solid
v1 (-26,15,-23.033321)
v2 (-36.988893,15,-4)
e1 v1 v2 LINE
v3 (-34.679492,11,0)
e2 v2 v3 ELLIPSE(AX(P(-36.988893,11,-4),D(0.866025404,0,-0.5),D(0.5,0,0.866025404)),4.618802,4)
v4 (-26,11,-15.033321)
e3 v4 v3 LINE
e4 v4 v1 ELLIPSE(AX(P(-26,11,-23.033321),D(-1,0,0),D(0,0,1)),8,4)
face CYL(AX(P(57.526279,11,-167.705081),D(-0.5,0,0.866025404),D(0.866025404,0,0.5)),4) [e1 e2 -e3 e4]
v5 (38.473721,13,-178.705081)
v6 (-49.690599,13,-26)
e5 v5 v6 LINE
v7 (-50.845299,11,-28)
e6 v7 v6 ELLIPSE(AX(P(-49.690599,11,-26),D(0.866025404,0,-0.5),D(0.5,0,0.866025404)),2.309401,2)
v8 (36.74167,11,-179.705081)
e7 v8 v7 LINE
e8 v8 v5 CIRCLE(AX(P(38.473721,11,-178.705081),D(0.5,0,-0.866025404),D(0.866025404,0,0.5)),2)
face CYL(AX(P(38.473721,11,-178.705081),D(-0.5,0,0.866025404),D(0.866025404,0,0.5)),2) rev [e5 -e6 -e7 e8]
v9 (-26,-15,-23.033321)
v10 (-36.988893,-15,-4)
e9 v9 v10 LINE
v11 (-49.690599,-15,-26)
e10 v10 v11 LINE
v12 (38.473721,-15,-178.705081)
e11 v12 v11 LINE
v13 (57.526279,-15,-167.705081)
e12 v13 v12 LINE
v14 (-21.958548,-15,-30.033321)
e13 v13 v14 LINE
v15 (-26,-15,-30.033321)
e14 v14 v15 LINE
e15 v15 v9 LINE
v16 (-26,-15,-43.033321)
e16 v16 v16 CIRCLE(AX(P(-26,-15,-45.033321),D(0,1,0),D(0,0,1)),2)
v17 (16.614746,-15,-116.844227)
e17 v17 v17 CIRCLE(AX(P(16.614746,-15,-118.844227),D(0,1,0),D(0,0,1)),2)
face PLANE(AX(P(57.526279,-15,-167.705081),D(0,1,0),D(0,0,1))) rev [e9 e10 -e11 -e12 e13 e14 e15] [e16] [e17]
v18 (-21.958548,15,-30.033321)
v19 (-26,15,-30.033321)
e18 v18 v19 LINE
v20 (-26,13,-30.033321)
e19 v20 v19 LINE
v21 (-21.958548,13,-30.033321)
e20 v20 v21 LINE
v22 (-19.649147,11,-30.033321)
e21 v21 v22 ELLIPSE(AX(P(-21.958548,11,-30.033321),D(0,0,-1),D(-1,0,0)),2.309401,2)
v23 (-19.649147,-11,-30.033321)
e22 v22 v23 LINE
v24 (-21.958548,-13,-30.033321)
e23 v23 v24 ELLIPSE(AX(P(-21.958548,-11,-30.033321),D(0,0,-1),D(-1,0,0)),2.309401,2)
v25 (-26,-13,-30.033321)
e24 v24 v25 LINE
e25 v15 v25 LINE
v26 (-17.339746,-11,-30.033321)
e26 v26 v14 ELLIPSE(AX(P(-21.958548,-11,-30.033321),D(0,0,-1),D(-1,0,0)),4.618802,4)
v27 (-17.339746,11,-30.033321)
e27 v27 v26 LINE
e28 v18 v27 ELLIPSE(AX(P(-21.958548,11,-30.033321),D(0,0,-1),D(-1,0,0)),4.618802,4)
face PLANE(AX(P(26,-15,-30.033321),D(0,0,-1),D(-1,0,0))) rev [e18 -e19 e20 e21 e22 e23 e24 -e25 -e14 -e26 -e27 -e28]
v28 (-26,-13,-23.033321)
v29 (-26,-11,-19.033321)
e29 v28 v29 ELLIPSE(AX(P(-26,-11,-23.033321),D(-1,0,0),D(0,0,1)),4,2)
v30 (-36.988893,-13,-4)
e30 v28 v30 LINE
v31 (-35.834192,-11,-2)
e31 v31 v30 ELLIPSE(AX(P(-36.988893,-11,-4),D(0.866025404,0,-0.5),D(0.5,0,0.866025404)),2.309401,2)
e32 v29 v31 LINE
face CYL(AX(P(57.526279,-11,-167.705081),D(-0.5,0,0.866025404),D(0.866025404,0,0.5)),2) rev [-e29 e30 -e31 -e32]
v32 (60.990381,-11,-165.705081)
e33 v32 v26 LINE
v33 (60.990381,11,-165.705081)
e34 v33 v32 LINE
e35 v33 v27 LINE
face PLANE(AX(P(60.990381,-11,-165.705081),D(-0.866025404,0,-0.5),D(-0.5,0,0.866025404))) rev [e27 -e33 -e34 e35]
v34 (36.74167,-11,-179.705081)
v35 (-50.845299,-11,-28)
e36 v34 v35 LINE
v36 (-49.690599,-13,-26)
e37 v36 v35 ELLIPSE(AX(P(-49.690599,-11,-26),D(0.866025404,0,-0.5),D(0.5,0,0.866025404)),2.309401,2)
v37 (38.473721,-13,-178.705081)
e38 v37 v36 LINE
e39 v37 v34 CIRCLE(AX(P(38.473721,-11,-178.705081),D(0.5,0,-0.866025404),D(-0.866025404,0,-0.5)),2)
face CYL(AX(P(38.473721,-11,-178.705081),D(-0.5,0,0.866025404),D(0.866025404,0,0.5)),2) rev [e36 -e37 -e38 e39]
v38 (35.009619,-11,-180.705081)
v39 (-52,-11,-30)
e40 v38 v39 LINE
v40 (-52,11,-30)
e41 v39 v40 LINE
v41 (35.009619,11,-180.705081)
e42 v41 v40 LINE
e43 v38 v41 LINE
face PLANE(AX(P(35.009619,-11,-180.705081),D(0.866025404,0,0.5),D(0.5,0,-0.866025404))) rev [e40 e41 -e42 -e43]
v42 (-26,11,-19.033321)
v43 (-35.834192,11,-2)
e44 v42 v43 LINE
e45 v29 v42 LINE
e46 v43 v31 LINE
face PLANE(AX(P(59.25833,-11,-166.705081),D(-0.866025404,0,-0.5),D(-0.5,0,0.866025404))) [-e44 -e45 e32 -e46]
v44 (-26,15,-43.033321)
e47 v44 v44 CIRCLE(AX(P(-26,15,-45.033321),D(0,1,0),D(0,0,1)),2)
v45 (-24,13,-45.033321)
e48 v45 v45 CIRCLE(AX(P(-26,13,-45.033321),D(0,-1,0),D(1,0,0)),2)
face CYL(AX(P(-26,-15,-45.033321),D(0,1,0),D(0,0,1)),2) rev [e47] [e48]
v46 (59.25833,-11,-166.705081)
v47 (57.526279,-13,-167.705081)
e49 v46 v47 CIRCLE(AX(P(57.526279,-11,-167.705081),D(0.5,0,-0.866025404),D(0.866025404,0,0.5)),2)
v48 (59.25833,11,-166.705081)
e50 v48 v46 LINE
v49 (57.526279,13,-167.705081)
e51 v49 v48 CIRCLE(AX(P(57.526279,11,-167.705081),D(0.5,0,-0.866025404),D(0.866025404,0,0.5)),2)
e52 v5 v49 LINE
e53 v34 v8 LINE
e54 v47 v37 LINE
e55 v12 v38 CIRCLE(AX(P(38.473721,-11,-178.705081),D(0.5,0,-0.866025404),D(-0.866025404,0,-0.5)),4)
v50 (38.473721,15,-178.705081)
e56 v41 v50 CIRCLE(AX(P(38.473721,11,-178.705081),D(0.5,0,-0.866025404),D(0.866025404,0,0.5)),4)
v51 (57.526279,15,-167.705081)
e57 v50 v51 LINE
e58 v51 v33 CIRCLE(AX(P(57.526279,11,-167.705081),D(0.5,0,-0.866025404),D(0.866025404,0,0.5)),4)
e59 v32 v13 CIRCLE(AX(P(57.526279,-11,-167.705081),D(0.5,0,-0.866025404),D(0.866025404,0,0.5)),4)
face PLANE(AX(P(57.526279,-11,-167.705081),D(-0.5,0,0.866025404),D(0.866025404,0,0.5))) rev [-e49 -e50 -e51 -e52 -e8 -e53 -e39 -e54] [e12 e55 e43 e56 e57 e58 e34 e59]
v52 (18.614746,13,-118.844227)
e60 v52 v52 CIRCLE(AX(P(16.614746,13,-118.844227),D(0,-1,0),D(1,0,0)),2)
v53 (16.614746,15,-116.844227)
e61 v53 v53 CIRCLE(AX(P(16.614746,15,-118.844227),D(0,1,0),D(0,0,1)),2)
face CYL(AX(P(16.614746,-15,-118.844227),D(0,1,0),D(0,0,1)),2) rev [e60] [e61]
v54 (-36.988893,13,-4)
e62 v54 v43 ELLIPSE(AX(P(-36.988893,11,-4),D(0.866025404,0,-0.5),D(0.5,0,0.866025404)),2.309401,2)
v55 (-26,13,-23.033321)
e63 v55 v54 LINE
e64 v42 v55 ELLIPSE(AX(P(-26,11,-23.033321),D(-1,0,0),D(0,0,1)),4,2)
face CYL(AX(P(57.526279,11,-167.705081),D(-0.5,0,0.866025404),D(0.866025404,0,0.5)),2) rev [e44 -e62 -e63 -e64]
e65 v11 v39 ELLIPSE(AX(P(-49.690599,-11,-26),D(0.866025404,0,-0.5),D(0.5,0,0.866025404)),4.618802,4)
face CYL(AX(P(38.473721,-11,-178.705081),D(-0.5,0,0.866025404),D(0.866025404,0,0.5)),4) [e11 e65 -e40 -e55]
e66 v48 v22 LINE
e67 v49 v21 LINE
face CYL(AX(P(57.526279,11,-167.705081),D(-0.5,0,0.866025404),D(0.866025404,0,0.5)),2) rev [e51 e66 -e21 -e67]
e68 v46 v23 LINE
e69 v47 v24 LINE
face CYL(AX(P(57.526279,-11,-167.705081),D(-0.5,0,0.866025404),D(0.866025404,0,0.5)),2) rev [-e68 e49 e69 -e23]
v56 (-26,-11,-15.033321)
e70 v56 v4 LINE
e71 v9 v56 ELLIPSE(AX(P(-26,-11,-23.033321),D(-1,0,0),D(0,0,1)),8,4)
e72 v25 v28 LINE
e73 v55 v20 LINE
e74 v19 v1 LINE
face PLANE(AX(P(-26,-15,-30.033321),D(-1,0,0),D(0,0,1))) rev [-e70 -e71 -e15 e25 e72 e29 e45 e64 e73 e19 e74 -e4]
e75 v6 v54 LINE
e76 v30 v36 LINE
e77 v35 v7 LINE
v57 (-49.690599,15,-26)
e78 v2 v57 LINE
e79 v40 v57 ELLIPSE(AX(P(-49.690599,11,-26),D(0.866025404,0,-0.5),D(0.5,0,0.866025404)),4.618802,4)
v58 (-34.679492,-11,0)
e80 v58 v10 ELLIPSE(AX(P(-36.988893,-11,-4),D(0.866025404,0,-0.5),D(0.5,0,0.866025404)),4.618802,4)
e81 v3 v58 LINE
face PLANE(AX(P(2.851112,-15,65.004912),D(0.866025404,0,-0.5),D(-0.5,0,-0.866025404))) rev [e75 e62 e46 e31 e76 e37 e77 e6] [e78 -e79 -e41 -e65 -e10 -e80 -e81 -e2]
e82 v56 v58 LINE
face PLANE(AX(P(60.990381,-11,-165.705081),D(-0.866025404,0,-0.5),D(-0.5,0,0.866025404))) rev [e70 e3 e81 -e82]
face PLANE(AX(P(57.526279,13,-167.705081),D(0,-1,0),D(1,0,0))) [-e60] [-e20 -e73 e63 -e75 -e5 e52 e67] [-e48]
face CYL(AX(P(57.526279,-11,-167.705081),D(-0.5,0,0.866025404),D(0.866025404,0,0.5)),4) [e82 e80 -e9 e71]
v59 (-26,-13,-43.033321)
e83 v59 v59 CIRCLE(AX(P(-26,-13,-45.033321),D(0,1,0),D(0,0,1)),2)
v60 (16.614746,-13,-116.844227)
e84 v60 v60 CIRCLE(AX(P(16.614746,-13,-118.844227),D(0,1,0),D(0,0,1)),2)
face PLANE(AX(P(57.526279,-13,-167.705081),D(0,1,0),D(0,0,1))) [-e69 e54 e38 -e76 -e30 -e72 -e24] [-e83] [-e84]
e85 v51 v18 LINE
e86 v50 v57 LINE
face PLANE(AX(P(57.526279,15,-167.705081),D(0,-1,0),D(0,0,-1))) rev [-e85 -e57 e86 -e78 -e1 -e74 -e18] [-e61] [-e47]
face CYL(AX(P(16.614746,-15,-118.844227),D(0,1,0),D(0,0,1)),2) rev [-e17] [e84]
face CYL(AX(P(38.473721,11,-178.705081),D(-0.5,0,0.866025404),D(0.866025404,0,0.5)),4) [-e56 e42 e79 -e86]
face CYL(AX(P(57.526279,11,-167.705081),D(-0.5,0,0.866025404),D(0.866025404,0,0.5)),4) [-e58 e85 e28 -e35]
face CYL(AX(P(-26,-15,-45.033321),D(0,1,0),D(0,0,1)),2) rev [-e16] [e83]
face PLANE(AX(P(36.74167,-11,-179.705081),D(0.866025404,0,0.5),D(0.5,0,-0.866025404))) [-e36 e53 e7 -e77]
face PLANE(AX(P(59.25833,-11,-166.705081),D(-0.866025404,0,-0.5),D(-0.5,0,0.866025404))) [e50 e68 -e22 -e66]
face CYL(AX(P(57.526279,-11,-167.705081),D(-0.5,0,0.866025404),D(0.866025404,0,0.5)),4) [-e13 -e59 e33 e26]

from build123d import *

# Parameters (mm, degrees)
EXTRUDE_1_DEPTH          = 200
CUT_EXTRUDE_1_DEPTH      = 193.621587163
CUT_EXTRUDE_1_DEPTH_BACK = 193.621587163
CUT_EXTRUDE_2_DEPTH      = 192.309050473
CUT_EXTRUDE_2_DEPTH_BACK = 192.309050473
SKETCH_8_R               = 2
CUT_EXTRUDE_3_DEPTH      = 192.309050473
CUT_EXTRUDE_3_DEPTH_BACK = 192.309050473
SKETCH_9_W               = 52
SKETCH_9_H               = 25


with BuildPart() as part:
    # 草图5 → 凸台-拉伸1 (new body)
    with BuildSketch(Plane(origin=(-52, 0, 0), x_dir=(-0.8660254037844397, 0, -0.4999999999999983), z_dir=(0.4999999999999982, 0, -0.8660254037844396))):
        with BuildLine():
            Line((-11, -15), (11, -15))
            ThreePointArc((11, -15), (13.828427125, -13.828427125), (15, -11))
            Line((15, -11), (15, 11))
            ThreePointArc((15, 11), (13.828427125, 13.828427125), (11, 15))
            Line((11, 15), (-11, 15))
            ThreePointArc((-11, 15), (-13.828427125, 13.828427125), (-15, 11))
            Line((-15, 11), (-15, -11))
            ThreePointArc((-15, -11), (-13.828427125, -13.828427125), (-11, -15))
        make_face()
        with BuildLine():
            Line((-11, -13), (11, -13))
            ThreePointArc((11, -13), (12.414213562, -12.414213562), (13, -11))
            Line((13, -11), (13, 11))
            ThreePointArc((13, 11), (12.414213562, 12.414213562), (11, 13))
            Line((11, 13), (-11, 13))
            ThreePointArc((-11, 13), (-12.414213562, 12.414213562), (-13, 11))
            Line((-13, 11), (-13, -11))
            ThreePointArc((-13, -11), (-12.414213562, -12.414213562), (-11, -13))
        make_face(mode=Mode.SUBTRACT)
    extrude(amount=EXTRUDE_1_DEPTH)

    # 草图7 → 切除-拉伸1 (cut, two sides: drawn at the far end of the back side and taken through both)
    with BuildSketch(Plane(origin=(0, 0, 0), x_dir=(1, 0, 0), z_dir=(0, 1, 0)).offset(-CUT_EXTRUDE_1_DEPTH_BACK)):
        Polygon((2.851111613, -65.004912165), (-65.527886261, 53.430986323), (-91.508648375, 38.430986323), (-23.129650501, -80.004912165), align=None)
    extrude(amount=CUT_EXTRUDE_1_DEPTH + CUT_EXTRUDE_1_DEPTH_BACK, mode=Mode.SUBTRACT)

    # 草图8 → 切除-拉伸2 (cut, two sides: drawn at the far end of the back side and taken through both)
    with BuildSketch(Plane(origin=(0, 0, 0), x_dir=(1, 0, 0), z_dir=(0, 1, 0)).offset(-CUT_EXTRUDE_2_DEPTH_BACK)):
        with Locations(Location((-26, 45.033320997, 0), (0, 0, 270))):
            Circle(SKETCH_8_R)
        with Locations(Location((16.614746246, 118.844226646, 0), (0, 0, 270))):
            Circle(SKETCH_8_R)
    extrude(amount=CUT_EXTRUDE_2_DEPTH + CUT_EXTRUDE_2_DEPTH_BACK, mode=Mode.SUBTRACT)

    # 草图9 → 切除-拉伸3 (cut, two sides: drawn at the far end of the back side and taken through both)
    with BuildSketch(Plane(origin=(0, 0, 0), x_dir=(1, 0, 0), z_dir=(0, 1, 0)).offset(-CUT_EXTRUDE_3_DEPTH_BACK)):
        with Locations((0, 17.533320997)):
            Rectangle(SKETCH_9_W, SKETCH_9_H)
    extrude(amount=CUT_EXTRUDE_3_DEPTH + CUT_EXTRUDE_3_DEPTH_BACK, mode=Mode.SUBTRACT)


solid = part.part
